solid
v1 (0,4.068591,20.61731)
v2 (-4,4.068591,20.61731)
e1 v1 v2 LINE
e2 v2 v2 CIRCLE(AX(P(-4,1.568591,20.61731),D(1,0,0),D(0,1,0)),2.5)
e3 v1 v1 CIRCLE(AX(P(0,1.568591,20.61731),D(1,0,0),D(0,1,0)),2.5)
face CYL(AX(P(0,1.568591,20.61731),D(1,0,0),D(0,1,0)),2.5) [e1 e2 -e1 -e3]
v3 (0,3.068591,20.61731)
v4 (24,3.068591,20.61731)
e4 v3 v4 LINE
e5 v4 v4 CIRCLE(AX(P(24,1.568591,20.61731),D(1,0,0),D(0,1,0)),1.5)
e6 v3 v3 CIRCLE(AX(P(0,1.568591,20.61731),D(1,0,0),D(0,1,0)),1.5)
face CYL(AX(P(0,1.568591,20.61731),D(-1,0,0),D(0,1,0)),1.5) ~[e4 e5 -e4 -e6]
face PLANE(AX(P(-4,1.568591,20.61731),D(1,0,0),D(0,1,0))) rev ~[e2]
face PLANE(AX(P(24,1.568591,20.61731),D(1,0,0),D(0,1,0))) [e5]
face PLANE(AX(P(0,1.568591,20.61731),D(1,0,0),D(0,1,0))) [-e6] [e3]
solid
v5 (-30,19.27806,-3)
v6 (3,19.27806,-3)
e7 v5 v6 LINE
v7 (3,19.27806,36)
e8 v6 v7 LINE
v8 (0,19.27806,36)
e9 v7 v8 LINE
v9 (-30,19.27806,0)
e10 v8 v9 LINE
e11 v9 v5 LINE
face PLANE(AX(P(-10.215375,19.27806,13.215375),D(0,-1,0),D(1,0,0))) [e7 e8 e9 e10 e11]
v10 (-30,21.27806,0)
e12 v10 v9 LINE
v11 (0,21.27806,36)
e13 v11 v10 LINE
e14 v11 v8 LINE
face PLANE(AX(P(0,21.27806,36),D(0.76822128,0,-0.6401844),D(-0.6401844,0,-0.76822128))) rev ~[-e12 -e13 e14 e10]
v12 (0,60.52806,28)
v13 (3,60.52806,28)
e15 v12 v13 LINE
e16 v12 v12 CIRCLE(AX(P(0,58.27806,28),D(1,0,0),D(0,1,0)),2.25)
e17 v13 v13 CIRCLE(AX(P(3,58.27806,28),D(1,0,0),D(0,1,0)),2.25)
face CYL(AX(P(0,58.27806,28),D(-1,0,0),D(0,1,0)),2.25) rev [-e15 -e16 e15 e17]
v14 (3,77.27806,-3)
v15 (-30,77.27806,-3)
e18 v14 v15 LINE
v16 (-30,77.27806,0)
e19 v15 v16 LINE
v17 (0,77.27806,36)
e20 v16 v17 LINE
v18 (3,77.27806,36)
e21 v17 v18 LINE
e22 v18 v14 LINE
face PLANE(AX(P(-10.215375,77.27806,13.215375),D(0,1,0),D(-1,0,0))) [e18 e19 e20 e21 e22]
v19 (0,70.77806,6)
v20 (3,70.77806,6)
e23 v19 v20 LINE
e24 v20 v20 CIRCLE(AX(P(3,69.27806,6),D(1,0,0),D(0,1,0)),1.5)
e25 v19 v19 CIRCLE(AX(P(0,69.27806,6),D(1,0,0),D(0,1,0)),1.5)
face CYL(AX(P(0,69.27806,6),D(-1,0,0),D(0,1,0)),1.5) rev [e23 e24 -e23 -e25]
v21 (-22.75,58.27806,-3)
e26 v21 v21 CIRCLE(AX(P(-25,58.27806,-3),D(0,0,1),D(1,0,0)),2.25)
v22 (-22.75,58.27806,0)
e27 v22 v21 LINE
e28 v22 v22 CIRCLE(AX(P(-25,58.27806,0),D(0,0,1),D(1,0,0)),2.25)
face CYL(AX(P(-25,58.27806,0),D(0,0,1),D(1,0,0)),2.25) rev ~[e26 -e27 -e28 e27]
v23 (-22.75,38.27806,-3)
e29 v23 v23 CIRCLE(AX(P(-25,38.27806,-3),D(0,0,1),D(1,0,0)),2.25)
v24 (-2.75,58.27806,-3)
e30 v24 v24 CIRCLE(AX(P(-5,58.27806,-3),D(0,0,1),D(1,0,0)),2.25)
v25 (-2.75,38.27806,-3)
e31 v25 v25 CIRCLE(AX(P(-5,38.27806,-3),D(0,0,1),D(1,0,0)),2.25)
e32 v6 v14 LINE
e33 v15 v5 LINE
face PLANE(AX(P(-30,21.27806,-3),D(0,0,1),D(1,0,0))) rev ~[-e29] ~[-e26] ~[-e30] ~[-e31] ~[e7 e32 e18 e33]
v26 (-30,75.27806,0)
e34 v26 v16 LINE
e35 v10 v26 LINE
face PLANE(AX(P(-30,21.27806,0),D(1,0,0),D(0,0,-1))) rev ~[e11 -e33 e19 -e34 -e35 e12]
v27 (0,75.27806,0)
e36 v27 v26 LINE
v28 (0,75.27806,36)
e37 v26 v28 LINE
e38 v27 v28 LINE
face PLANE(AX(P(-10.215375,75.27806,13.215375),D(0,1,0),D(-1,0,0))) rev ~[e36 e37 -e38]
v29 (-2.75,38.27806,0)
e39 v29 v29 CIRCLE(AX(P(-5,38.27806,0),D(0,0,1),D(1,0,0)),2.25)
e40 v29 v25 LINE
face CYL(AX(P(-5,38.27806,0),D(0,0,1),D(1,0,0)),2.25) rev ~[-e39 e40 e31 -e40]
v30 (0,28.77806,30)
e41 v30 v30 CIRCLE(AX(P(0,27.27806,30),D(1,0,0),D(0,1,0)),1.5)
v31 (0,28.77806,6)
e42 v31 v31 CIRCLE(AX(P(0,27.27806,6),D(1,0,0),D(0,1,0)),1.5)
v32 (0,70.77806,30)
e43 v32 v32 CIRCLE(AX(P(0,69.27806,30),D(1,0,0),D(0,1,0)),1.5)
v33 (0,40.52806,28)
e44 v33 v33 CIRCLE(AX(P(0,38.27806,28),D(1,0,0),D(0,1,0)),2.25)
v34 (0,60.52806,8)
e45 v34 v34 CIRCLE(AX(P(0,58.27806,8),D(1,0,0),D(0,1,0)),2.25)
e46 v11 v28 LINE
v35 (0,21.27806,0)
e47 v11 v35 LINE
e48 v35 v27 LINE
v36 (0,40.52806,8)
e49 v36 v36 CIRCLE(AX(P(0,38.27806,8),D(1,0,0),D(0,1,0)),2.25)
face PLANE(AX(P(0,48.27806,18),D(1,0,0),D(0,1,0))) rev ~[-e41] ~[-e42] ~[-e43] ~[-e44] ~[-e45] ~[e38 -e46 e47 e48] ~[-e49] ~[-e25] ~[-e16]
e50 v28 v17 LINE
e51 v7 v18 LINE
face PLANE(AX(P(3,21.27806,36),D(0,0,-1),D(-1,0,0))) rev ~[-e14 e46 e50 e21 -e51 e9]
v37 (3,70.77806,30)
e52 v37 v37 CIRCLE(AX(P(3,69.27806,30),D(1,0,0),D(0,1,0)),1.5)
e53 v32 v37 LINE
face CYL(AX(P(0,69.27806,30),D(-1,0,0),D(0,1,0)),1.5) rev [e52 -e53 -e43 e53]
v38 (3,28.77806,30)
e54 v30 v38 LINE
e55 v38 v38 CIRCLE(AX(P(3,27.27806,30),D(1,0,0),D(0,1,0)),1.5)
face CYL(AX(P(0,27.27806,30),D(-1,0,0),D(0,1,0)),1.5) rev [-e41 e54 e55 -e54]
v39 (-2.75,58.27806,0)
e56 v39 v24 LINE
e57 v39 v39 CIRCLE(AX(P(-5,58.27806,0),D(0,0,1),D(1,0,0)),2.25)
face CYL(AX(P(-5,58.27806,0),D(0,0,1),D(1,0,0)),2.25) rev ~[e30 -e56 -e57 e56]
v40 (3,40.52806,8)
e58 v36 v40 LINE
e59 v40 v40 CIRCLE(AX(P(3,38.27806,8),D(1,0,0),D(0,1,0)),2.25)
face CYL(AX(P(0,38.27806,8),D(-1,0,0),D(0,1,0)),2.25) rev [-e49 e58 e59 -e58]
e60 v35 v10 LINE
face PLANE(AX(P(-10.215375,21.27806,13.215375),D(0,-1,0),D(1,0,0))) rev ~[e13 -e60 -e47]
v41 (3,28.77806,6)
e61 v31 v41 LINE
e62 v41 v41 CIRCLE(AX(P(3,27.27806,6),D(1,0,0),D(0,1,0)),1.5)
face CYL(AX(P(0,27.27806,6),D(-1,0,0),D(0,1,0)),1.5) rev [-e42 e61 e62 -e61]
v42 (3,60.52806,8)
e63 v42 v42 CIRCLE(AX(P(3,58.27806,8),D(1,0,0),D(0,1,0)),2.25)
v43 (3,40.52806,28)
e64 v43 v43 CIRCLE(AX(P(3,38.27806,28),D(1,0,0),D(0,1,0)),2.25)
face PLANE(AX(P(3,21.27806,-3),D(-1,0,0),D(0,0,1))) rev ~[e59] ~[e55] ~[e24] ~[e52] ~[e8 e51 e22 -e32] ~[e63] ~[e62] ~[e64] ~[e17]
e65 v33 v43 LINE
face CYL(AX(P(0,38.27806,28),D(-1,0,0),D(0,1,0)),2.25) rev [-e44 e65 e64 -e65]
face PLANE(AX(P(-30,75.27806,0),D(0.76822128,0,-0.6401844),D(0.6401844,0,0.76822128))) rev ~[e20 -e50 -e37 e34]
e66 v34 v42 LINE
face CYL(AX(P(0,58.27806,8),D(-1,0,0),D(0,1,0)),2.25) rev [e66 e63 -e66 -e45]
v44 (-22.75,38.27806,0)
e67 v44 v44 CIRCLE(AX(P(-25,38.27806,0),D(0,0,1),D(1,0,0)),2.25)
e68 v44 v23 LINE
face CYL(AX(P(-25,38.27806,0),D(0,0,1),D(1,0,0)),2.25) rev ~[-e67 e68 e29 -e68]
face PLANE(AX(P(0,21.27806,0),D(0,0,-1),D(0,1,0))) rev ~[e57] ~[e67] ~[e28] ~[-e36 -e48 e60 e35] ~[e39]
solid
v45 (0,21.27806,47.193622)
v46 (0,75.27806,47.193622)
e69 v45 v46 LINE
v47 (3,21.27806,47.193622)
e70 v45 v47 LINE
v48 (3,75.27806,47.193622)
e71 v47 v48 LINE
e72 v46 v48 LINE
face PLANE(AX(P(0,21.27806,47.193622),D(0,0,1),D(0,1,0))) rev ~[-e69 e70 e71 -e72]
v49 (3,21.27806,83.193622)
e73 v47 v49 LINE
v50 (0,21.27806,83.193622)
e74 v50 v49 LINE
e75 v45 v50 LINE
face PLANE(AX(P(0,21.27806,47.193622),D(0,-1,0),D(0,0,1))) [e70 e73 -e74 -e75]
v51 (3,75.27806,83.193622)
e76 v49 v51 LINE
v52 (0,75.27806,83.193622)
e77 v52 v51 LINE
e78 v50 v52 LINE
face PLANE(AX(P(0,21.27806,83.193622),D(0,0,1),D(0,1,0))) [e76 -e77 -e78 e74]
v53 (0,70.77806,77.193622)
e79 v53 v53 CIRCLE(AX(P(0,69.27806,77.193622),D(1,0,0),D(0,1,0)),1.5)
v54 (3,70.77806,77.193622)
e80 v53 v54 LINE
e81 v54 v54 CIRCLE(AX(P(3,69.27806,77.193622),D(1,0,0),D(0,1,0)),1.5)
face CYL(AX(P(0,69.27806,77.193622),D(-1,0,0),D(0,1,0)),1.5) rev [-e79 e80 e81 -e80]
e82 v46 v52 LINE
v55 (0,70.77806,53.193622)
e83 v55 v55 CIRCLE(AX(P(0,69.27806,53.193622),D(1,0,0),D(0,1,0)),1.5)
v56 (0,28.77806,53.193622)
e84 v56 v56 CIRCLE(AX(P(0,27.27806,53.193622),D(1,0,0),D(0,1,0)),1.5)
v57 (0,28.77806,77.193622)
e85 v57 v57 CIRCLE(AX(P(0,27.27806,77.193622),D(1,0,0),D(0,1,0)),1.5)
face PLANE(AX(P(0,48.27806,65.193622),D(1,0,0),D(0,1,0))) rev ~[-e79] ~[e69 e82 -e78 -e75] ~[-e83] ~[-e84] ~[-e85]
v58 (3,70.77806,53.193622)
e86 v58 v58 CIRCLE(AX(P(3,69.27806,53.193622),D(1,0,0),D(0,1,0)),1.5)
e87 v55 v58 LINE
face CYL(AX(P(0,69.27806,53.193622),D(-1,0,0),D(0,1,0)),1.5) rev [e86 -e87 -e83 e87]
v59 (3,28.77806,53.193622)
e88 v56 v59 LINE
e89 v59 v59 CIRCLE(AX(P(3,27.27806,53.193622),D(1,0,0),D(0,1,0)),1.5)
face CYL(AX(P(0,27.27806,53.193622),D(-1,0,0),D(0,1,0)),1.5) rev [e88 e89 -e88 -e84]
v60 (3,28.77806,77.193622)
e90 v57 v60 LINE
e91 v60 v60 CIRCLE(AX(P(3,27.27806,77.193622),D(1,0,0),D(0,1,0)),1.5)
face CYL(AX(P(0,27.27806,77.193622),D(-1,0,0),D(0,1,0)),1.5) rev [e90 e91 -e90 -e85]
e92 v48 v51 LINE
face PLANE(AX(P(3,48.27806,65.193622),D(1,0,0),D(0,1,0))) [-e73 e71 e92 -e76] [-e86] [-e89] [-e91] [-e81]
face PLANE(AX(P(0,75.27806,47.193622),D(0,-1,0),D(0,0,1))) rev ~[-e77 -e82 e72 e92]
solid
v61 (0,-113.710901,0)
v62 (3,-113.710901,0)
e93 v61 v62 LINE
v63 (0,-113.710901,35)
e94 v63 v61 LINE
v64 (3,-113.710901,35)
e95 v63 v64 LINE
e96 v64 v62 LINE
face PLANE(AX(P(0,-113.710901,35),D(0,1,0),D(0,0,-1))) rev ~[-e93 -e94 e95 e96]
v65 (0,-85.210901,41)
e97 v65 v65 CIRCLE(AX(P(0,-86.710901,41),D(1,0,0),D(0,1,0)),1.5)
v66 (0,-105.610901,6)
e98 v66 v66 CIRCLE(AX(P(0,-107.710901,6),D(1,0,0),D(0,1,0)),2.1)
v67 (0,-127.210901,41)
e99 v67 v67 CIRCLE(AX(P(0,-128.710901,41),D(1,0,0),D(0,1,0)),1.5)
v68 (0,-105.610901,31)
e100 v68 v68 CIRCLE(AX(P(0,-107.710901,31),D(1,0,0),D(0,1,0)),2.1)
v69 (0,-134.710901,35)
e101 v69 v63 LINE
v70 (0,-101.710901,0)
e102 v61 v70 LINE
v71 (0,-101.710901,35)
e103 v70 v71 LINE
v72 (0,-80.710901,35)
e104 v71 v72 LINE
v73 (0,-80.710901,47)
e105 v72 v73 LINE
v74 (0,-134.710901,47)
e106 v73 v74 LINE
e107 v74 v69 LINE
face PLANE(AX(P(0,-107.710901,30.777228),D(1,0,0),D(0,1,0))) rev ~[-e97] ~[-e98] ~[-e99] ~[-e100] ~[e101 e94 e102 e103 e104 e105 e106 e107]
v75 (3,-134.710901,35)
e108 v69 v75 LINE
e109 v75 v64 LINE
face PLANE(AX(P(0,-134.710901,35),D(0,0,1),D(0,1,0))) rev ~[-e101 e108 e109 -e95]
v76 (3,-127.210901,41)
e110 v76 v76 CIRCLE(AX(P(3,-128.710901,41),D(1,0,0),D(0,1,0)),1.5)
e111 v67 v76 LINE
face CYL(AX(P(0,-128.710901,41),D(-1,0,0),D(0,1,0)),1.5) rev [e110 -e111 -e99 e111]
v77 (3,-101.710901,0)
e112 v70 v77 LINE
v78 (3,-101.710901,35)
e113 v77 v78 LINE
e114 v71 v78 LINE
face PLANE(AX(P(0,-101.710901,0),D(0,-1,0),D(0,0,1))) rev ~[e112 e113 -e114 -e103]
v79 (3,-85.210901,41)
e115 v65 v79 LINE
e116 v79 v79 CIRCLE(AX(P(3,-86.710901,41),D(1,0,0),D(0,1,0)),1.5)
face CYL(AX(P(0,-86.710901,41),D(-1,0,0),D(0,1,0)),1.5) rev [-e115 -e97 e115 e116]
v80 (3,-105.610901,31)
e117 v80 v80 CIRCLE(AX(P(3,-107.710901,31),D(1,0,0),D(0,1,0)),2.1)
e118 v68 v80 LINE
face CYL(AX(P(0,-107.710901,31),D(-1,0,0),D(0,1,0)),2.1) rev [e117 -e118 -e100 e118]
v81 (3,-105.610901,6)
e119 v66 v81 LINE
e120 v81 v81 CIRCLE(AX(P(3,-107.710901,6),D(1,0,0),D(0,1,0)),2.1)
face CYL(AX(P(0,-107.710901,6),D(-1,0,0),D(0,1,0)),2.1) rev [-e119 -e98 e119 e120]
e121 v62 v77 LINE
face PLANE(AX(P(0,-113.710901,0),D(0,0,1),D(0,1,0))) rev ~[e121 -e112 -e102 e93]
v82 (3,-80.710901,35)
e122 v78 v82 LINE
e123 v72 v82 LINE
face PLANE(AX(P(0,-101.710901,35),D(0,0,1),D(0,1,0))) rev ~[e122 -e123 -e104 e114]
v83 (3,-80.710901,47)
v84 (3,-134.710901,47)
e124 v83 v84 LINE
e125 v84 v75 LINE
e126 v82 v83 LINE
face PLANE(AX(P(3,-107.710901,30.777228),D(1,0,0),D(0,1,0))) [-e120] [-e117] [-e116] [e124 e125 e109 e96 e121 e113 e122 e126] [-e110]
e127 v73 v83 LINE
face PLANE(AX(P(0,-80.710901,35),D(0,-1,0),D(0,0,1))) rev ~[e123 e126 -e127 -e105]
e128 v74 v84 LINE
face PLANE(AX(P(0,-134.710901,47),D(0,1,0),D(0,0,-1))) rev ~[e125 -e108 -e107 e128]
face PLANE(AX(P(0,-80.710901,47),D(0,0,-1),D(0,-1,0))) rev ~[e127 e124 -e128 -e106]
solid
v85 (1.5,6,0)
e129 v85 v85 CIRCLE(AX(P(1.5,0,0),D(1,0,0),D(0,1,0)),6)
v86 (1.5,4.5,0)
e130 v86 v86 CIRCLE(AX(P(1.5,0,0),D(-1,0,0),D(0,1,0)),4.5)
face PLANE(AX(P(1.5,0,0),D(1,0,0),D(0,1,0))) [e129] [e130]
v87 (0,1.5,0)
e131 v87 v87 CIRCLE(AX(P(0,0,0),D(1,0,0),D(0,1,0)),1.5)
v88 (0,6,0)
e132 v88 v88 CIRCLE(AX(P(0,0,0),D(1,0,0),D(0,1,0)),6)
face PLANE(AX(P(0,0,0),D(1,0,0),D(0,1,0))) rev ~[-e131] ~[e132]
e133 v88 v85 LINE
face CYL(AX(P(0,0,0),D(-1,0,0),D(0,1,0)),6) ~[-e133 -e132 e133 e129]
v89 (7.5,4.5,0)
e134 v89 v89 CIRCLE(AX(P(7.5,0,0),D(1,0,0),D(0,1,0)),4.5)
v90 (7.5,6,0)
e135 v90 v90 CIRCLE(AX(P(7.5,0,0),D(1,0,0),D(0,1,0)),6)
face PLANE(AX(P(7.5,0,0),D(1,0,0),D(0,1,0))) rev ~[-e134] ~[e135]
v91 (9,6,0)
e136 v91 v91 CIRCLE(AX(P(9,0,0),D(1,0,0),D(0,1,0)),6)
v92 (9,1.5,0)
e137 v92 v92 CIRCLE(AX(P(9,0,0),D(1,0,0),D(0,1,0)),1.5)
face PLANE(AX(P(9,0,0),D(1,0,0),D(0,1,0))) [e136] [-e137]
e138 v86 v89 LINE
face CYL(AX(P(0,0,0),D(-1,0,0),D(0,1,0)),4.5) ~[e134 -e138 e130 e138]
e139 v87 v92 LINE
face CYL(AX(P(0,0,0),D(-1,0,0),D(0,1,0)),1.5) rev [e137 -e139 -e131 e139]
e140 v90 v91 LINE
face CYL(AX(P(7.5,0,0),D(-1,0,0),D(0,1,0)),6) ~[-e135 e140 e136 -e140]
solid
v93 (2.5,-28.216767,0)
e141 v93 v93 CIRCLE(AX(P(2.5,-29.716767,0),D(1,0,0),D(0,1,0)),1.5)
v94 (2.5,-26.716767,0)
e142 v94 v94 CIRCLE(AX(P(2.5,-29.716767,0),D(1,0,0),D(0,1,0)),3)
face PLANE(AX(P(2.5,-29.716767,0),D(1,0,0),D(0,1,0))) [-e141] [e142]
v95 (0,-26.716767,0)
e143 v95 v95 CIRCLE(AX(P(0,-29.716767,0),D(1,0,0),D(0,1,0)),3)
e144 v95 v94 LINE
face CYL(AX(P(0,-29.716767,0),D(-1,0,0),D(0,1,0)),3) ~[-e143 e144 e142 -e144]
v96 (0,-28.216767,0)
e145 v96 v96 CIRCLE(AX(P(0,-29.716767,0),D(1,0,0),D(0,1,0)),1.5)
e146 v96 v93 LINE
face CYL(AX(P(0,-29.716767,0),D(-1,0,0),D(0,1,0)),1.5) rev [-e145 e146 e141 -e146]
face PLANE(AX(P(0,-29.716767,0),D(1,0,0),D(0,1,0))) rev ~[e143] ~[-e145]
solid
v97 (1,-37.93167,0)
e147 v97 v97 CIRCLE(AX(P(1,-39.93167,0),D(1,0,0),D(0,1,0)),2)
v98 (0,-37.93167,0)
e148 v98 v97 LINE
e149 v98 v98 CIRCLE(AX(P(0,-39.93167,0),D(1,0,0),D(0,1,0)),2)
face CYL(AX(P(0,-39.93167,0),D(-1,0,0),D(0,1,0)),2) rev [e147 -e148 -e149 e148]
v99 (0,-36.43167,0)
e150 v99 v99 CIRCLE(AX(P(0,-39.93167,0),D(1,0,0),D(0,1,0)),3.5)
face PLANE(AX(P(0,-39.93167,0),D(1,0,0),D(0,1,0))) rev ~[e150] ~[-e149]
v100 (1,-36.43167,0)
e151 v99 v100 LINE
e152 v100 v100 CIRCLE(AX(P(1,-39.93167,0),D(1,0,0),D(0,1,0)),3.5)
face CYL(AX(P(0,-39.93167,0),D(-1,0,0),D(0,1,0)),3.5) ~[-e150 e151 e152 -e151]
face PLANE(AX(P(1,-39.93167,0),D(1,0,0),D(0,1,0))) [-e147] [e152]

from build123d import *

# Parameters (mm, degrees)
F0_R      = 6
F0_R_2    = 4.5
F0_R_3    = 1.5
F1_DEPTH  = 1.5
F2_DEPTH  = 7.5
F3_R      = 6
F3_R_2    = 4.5
F4_DEPTH  = 1.5
F5_DEPTH  = 9
F6_W      = 54
F6_H      = 36
F6_R      = 1.5
F6_R_2    = 2.25
F6_H_2    = 3
F7_DEPTH  = 3
F8_R      = 1.5
F9_DEPTH  = 24
F8_R_2    = 2.5
F10_DEPTH = 4
F11_R     = 3
F11_R_2   = 1.5
F12_DEPTH = 2.5
F13_DEPTH = 3
F14_DEPTH = 30
F15_R     = 2.25
F16_DEPTH = 3
F18_DEPTH = 2
F20_DEPTH = 2
F21_R     = 2.1
F21_R_2   = 1.5
F22_DEPTH = 3
F11_R_3   = 3.5
F11_R_4   = 2
F23_DEPTH = 1


with BuildPart() as f1:
    # F0 (on Right) → F1 (new body)
    with BuildSketch(Plane.YZ):
        Circle(F0_R)
        Circle(F0_R_2, mode=Mode.SUBTRACT)
        Circle(F0_R_2)
        Circle(F0_R_3, mode=Mode.SUBTRACT)
        Circle(F0_R_3)
    extrude(amount=F1_DEPTH)

    # F0 (on Right) → F2 (join)
    with BuildSketch(Plane.YZ):
        Circle(F0_R_2)
        Circle(F0_R_3, mode=Mode.SUBTRACT)
        Circle(F0_R_3)
    extrude(amount=F2_DEPTH)

    # F3 (on face) → F4 (join)
    with BuildSketch(Plane.YZ.offset(7.5)):
        Circle(F3_R)
        Circle(F3_R_2, mode=Mode.SUBTRACT)
        Circle(F3_R_2)
    extrude(amount=F4_DEPTH)

    # F0 (on Right) → F5 (cut, through all)
    with BuildSketch(Plane.YZ):
        Circle(F0_R_3)
    extrude(amount=F5_DEPTH, mode=Mode.SUBTRACT)


with BuildPart() as f7:
    # F6 (on Right) → F7 (new body)
    with BuildSketch(Plane.YZ):
        with Locations((48.2780604661, 18)):
            Rectangle(F6_W, F6_H)
        with Locations((27.2780604661, 6)):
            Circle(F6_R, mode=Mode.SUBTRACT)
        with Locations((38.2780604661, 8)):
            Circle(F6_R_2, mode=Mode.SUBTRACT)
        with Locations((27.2780604661, 30)):
            Circle(F6_R, mode=Mode.SUBTRACT)
        with Locations((38.2780604661, 28)):
            Circle(F6_R_2, mode=Mode.SUBTRACT)
        with Locations((58.2780604661, 8)):
            Circle(F6_R_2, mode=Mode.SUBTRACT)
        with Locations((69.2780604661, 6)):
            Circle(F6_R, mode=Mode.SUBTRACT)
        with Locations((58.2780604661, 28)):
            Circle(F6_R_2, mode=Mode.SUBTRACT)
        with Locations((69.2780604661, 30)):
            Circle(F6_R, mode=Mode.SUBTRACT)
        with Locations((48.2780604661, -1.5)):
            Rectangle(F6_W, F6_H_2)
    extrude(amount=F7_DEPTH)

    # F6 (on Right) → F14 (join)
    with BuildSketch(Plane.YZ):
        with Locations((48.2780604661, -1.5)):
            Rectangle(F6_W, F6_H_2)
    extrude(amount=-F14_DEPTH)

    # F15 (on face) → F16 (cut, through all)
    with BuildSketch(Plane.XY):
        with Locations((-25, 38.2780604661)):
            Circle(F15_R)
        with Locations((-5, 38.2780604661)):
            Circle(F15_R)
        with Locations((-5, 58.2780604661)):
            Circle(F15_R)
        with Locations((-25, 58.2780604661)):
            Circle(F15_R)
    extrude(amount=-F16_DEPTH, mode=Mode.SUBTRACT)

    # F17 (on face) → F18 (join)
    with BuildSketch(Plane(origin=(0, 75.2780604661, 0), x_dir=(-1, 0, 0), z_dir=(0, 1, 0))):
        Polygon((30, 0), (0, 36), (0, 0), align=None)
        Polygon((0, 0), (0, 36), (-3, 36), (-3, -3), (30, -3), (30, 0), align=None)
    extrude(amount=F18_DEPTH)

    # F19 (on face) → F20 (join)
    with BuildSketch(Plane.XZ.offset(-21.2780604661)):
        Polygon((0, 0), (0, 36), (-30, 0), align=None)
        Polygon((3, 36), (0, 36), (0, 0), (-30, 0), (-30, -3), (3, -3), align=None)
    extrude(amount=F20_DEPTH)


with BuildPart() as f9:
    # F8 (on Right) → F9 (new body)
    with BuildSketch(Plane.YZ):
        with Locations((1.5685909893, 20.6173099577)):
            Circle(F8_R)
    extrude(amount=F9_DEPTH)

    # F8 (on Right) → F10 (join)
    with BuildSketch(Plane.YZ):
        with Locations((1.5685909893, 20.6173099577)):
            Circle(F8_R_2)
        with Locations((1.5685909893, 20.6173099577)):
            Circle(F8_R, mode=Mode.SUBTRACT)
        with Locations((1.5685909893, 20.6173099577)):
            Circle(F8_R)
    extrude(amount=-F10_DEPTH)


with BuildPart() as f12:
    # F11 (on Right) → F12 (new body)
    with BuildSketch(Plane.YZ):
        with Locations((-29.7167665836, 0)):
            Circle(F11_R)
        with Locations((-29.7167665836, 0)):
            Circle(F11_R_2, mode=Mode.SUBTRACT)
    extrude(amount=F12_DEPTH)


with BuildPart() as f13:
    # F6 (on Right) → F13 (new body)
    with BuildSketch(Plane.YZ):
        with Locations((48.2780604661, 65.1936223805)):
            Rectangle(F6_W, F6_H)
        with Locations((27.2780604661, 53.1936223805)):
            Circle(F6_R, mode=Mode.SUBTRACT)
        with Locations((27.2780604661, 77.1936223805)):
            Circle(F6_R, mode=Mode.SUBTRACT)
        with Locations((69.2780604661, 53.1936223805)):
            Circle(F6_R, mode=Mode.SUBTRACT)
        with Locations((69.2780604661, 77.1936223805)):
            Circle(F6_R, mode=Mode.SUBTRACT)
    extrude(amount=F13_DEPTH)


with BuildPart() as f22:
    # F21 (on Right) → F22 (new body)
    with BuildSketch(Plane.YZ):
        Polygon((-113.7109005657, 0), (-101.7109005657, 0), (-101.7109005657, 35), (-80.7109005657, 35), (-80.7109005657, 47), (-134.7109005657, 47), (-134.7109005657, 35), (-113.7109005657, 35), align=None)
        with Locations((-107.7109005657, 6)):
            Circle(F21_R, mode=Mode.SUBTRACT)
        with Locations((-107.7109005657, 31)):
            Circle(F21_R, mode=Mode.SUBTRACT)
        with Locations((-128.7109005657, 41)):
            Circle(F21_R_2, mode=Mode.SUBTRACT)
        with Locations((-86.7109005657, 41)):
            Circle(F21_R_2, mode=Mode.SUBTRACT)
    extrude(amount=F22_DEPTH)


with BuildPart() as f23:
    # F11 (on Right) → F23 (new body)
    with BuildSketch(Plane.YZ):
        with Locations((-39.9316698313, 0)):
            Circle(F11_R_3)
        with Locations((-39.9316698313, 0)):
            Circle(F11_R_4, mode=Mode.SUBTRACT)
    extrude(amount=F23_DEPTH)


solid = Compound([f1.part, f7.part, f9.part, f12.part, f13.part, f22.part, f23.part])
